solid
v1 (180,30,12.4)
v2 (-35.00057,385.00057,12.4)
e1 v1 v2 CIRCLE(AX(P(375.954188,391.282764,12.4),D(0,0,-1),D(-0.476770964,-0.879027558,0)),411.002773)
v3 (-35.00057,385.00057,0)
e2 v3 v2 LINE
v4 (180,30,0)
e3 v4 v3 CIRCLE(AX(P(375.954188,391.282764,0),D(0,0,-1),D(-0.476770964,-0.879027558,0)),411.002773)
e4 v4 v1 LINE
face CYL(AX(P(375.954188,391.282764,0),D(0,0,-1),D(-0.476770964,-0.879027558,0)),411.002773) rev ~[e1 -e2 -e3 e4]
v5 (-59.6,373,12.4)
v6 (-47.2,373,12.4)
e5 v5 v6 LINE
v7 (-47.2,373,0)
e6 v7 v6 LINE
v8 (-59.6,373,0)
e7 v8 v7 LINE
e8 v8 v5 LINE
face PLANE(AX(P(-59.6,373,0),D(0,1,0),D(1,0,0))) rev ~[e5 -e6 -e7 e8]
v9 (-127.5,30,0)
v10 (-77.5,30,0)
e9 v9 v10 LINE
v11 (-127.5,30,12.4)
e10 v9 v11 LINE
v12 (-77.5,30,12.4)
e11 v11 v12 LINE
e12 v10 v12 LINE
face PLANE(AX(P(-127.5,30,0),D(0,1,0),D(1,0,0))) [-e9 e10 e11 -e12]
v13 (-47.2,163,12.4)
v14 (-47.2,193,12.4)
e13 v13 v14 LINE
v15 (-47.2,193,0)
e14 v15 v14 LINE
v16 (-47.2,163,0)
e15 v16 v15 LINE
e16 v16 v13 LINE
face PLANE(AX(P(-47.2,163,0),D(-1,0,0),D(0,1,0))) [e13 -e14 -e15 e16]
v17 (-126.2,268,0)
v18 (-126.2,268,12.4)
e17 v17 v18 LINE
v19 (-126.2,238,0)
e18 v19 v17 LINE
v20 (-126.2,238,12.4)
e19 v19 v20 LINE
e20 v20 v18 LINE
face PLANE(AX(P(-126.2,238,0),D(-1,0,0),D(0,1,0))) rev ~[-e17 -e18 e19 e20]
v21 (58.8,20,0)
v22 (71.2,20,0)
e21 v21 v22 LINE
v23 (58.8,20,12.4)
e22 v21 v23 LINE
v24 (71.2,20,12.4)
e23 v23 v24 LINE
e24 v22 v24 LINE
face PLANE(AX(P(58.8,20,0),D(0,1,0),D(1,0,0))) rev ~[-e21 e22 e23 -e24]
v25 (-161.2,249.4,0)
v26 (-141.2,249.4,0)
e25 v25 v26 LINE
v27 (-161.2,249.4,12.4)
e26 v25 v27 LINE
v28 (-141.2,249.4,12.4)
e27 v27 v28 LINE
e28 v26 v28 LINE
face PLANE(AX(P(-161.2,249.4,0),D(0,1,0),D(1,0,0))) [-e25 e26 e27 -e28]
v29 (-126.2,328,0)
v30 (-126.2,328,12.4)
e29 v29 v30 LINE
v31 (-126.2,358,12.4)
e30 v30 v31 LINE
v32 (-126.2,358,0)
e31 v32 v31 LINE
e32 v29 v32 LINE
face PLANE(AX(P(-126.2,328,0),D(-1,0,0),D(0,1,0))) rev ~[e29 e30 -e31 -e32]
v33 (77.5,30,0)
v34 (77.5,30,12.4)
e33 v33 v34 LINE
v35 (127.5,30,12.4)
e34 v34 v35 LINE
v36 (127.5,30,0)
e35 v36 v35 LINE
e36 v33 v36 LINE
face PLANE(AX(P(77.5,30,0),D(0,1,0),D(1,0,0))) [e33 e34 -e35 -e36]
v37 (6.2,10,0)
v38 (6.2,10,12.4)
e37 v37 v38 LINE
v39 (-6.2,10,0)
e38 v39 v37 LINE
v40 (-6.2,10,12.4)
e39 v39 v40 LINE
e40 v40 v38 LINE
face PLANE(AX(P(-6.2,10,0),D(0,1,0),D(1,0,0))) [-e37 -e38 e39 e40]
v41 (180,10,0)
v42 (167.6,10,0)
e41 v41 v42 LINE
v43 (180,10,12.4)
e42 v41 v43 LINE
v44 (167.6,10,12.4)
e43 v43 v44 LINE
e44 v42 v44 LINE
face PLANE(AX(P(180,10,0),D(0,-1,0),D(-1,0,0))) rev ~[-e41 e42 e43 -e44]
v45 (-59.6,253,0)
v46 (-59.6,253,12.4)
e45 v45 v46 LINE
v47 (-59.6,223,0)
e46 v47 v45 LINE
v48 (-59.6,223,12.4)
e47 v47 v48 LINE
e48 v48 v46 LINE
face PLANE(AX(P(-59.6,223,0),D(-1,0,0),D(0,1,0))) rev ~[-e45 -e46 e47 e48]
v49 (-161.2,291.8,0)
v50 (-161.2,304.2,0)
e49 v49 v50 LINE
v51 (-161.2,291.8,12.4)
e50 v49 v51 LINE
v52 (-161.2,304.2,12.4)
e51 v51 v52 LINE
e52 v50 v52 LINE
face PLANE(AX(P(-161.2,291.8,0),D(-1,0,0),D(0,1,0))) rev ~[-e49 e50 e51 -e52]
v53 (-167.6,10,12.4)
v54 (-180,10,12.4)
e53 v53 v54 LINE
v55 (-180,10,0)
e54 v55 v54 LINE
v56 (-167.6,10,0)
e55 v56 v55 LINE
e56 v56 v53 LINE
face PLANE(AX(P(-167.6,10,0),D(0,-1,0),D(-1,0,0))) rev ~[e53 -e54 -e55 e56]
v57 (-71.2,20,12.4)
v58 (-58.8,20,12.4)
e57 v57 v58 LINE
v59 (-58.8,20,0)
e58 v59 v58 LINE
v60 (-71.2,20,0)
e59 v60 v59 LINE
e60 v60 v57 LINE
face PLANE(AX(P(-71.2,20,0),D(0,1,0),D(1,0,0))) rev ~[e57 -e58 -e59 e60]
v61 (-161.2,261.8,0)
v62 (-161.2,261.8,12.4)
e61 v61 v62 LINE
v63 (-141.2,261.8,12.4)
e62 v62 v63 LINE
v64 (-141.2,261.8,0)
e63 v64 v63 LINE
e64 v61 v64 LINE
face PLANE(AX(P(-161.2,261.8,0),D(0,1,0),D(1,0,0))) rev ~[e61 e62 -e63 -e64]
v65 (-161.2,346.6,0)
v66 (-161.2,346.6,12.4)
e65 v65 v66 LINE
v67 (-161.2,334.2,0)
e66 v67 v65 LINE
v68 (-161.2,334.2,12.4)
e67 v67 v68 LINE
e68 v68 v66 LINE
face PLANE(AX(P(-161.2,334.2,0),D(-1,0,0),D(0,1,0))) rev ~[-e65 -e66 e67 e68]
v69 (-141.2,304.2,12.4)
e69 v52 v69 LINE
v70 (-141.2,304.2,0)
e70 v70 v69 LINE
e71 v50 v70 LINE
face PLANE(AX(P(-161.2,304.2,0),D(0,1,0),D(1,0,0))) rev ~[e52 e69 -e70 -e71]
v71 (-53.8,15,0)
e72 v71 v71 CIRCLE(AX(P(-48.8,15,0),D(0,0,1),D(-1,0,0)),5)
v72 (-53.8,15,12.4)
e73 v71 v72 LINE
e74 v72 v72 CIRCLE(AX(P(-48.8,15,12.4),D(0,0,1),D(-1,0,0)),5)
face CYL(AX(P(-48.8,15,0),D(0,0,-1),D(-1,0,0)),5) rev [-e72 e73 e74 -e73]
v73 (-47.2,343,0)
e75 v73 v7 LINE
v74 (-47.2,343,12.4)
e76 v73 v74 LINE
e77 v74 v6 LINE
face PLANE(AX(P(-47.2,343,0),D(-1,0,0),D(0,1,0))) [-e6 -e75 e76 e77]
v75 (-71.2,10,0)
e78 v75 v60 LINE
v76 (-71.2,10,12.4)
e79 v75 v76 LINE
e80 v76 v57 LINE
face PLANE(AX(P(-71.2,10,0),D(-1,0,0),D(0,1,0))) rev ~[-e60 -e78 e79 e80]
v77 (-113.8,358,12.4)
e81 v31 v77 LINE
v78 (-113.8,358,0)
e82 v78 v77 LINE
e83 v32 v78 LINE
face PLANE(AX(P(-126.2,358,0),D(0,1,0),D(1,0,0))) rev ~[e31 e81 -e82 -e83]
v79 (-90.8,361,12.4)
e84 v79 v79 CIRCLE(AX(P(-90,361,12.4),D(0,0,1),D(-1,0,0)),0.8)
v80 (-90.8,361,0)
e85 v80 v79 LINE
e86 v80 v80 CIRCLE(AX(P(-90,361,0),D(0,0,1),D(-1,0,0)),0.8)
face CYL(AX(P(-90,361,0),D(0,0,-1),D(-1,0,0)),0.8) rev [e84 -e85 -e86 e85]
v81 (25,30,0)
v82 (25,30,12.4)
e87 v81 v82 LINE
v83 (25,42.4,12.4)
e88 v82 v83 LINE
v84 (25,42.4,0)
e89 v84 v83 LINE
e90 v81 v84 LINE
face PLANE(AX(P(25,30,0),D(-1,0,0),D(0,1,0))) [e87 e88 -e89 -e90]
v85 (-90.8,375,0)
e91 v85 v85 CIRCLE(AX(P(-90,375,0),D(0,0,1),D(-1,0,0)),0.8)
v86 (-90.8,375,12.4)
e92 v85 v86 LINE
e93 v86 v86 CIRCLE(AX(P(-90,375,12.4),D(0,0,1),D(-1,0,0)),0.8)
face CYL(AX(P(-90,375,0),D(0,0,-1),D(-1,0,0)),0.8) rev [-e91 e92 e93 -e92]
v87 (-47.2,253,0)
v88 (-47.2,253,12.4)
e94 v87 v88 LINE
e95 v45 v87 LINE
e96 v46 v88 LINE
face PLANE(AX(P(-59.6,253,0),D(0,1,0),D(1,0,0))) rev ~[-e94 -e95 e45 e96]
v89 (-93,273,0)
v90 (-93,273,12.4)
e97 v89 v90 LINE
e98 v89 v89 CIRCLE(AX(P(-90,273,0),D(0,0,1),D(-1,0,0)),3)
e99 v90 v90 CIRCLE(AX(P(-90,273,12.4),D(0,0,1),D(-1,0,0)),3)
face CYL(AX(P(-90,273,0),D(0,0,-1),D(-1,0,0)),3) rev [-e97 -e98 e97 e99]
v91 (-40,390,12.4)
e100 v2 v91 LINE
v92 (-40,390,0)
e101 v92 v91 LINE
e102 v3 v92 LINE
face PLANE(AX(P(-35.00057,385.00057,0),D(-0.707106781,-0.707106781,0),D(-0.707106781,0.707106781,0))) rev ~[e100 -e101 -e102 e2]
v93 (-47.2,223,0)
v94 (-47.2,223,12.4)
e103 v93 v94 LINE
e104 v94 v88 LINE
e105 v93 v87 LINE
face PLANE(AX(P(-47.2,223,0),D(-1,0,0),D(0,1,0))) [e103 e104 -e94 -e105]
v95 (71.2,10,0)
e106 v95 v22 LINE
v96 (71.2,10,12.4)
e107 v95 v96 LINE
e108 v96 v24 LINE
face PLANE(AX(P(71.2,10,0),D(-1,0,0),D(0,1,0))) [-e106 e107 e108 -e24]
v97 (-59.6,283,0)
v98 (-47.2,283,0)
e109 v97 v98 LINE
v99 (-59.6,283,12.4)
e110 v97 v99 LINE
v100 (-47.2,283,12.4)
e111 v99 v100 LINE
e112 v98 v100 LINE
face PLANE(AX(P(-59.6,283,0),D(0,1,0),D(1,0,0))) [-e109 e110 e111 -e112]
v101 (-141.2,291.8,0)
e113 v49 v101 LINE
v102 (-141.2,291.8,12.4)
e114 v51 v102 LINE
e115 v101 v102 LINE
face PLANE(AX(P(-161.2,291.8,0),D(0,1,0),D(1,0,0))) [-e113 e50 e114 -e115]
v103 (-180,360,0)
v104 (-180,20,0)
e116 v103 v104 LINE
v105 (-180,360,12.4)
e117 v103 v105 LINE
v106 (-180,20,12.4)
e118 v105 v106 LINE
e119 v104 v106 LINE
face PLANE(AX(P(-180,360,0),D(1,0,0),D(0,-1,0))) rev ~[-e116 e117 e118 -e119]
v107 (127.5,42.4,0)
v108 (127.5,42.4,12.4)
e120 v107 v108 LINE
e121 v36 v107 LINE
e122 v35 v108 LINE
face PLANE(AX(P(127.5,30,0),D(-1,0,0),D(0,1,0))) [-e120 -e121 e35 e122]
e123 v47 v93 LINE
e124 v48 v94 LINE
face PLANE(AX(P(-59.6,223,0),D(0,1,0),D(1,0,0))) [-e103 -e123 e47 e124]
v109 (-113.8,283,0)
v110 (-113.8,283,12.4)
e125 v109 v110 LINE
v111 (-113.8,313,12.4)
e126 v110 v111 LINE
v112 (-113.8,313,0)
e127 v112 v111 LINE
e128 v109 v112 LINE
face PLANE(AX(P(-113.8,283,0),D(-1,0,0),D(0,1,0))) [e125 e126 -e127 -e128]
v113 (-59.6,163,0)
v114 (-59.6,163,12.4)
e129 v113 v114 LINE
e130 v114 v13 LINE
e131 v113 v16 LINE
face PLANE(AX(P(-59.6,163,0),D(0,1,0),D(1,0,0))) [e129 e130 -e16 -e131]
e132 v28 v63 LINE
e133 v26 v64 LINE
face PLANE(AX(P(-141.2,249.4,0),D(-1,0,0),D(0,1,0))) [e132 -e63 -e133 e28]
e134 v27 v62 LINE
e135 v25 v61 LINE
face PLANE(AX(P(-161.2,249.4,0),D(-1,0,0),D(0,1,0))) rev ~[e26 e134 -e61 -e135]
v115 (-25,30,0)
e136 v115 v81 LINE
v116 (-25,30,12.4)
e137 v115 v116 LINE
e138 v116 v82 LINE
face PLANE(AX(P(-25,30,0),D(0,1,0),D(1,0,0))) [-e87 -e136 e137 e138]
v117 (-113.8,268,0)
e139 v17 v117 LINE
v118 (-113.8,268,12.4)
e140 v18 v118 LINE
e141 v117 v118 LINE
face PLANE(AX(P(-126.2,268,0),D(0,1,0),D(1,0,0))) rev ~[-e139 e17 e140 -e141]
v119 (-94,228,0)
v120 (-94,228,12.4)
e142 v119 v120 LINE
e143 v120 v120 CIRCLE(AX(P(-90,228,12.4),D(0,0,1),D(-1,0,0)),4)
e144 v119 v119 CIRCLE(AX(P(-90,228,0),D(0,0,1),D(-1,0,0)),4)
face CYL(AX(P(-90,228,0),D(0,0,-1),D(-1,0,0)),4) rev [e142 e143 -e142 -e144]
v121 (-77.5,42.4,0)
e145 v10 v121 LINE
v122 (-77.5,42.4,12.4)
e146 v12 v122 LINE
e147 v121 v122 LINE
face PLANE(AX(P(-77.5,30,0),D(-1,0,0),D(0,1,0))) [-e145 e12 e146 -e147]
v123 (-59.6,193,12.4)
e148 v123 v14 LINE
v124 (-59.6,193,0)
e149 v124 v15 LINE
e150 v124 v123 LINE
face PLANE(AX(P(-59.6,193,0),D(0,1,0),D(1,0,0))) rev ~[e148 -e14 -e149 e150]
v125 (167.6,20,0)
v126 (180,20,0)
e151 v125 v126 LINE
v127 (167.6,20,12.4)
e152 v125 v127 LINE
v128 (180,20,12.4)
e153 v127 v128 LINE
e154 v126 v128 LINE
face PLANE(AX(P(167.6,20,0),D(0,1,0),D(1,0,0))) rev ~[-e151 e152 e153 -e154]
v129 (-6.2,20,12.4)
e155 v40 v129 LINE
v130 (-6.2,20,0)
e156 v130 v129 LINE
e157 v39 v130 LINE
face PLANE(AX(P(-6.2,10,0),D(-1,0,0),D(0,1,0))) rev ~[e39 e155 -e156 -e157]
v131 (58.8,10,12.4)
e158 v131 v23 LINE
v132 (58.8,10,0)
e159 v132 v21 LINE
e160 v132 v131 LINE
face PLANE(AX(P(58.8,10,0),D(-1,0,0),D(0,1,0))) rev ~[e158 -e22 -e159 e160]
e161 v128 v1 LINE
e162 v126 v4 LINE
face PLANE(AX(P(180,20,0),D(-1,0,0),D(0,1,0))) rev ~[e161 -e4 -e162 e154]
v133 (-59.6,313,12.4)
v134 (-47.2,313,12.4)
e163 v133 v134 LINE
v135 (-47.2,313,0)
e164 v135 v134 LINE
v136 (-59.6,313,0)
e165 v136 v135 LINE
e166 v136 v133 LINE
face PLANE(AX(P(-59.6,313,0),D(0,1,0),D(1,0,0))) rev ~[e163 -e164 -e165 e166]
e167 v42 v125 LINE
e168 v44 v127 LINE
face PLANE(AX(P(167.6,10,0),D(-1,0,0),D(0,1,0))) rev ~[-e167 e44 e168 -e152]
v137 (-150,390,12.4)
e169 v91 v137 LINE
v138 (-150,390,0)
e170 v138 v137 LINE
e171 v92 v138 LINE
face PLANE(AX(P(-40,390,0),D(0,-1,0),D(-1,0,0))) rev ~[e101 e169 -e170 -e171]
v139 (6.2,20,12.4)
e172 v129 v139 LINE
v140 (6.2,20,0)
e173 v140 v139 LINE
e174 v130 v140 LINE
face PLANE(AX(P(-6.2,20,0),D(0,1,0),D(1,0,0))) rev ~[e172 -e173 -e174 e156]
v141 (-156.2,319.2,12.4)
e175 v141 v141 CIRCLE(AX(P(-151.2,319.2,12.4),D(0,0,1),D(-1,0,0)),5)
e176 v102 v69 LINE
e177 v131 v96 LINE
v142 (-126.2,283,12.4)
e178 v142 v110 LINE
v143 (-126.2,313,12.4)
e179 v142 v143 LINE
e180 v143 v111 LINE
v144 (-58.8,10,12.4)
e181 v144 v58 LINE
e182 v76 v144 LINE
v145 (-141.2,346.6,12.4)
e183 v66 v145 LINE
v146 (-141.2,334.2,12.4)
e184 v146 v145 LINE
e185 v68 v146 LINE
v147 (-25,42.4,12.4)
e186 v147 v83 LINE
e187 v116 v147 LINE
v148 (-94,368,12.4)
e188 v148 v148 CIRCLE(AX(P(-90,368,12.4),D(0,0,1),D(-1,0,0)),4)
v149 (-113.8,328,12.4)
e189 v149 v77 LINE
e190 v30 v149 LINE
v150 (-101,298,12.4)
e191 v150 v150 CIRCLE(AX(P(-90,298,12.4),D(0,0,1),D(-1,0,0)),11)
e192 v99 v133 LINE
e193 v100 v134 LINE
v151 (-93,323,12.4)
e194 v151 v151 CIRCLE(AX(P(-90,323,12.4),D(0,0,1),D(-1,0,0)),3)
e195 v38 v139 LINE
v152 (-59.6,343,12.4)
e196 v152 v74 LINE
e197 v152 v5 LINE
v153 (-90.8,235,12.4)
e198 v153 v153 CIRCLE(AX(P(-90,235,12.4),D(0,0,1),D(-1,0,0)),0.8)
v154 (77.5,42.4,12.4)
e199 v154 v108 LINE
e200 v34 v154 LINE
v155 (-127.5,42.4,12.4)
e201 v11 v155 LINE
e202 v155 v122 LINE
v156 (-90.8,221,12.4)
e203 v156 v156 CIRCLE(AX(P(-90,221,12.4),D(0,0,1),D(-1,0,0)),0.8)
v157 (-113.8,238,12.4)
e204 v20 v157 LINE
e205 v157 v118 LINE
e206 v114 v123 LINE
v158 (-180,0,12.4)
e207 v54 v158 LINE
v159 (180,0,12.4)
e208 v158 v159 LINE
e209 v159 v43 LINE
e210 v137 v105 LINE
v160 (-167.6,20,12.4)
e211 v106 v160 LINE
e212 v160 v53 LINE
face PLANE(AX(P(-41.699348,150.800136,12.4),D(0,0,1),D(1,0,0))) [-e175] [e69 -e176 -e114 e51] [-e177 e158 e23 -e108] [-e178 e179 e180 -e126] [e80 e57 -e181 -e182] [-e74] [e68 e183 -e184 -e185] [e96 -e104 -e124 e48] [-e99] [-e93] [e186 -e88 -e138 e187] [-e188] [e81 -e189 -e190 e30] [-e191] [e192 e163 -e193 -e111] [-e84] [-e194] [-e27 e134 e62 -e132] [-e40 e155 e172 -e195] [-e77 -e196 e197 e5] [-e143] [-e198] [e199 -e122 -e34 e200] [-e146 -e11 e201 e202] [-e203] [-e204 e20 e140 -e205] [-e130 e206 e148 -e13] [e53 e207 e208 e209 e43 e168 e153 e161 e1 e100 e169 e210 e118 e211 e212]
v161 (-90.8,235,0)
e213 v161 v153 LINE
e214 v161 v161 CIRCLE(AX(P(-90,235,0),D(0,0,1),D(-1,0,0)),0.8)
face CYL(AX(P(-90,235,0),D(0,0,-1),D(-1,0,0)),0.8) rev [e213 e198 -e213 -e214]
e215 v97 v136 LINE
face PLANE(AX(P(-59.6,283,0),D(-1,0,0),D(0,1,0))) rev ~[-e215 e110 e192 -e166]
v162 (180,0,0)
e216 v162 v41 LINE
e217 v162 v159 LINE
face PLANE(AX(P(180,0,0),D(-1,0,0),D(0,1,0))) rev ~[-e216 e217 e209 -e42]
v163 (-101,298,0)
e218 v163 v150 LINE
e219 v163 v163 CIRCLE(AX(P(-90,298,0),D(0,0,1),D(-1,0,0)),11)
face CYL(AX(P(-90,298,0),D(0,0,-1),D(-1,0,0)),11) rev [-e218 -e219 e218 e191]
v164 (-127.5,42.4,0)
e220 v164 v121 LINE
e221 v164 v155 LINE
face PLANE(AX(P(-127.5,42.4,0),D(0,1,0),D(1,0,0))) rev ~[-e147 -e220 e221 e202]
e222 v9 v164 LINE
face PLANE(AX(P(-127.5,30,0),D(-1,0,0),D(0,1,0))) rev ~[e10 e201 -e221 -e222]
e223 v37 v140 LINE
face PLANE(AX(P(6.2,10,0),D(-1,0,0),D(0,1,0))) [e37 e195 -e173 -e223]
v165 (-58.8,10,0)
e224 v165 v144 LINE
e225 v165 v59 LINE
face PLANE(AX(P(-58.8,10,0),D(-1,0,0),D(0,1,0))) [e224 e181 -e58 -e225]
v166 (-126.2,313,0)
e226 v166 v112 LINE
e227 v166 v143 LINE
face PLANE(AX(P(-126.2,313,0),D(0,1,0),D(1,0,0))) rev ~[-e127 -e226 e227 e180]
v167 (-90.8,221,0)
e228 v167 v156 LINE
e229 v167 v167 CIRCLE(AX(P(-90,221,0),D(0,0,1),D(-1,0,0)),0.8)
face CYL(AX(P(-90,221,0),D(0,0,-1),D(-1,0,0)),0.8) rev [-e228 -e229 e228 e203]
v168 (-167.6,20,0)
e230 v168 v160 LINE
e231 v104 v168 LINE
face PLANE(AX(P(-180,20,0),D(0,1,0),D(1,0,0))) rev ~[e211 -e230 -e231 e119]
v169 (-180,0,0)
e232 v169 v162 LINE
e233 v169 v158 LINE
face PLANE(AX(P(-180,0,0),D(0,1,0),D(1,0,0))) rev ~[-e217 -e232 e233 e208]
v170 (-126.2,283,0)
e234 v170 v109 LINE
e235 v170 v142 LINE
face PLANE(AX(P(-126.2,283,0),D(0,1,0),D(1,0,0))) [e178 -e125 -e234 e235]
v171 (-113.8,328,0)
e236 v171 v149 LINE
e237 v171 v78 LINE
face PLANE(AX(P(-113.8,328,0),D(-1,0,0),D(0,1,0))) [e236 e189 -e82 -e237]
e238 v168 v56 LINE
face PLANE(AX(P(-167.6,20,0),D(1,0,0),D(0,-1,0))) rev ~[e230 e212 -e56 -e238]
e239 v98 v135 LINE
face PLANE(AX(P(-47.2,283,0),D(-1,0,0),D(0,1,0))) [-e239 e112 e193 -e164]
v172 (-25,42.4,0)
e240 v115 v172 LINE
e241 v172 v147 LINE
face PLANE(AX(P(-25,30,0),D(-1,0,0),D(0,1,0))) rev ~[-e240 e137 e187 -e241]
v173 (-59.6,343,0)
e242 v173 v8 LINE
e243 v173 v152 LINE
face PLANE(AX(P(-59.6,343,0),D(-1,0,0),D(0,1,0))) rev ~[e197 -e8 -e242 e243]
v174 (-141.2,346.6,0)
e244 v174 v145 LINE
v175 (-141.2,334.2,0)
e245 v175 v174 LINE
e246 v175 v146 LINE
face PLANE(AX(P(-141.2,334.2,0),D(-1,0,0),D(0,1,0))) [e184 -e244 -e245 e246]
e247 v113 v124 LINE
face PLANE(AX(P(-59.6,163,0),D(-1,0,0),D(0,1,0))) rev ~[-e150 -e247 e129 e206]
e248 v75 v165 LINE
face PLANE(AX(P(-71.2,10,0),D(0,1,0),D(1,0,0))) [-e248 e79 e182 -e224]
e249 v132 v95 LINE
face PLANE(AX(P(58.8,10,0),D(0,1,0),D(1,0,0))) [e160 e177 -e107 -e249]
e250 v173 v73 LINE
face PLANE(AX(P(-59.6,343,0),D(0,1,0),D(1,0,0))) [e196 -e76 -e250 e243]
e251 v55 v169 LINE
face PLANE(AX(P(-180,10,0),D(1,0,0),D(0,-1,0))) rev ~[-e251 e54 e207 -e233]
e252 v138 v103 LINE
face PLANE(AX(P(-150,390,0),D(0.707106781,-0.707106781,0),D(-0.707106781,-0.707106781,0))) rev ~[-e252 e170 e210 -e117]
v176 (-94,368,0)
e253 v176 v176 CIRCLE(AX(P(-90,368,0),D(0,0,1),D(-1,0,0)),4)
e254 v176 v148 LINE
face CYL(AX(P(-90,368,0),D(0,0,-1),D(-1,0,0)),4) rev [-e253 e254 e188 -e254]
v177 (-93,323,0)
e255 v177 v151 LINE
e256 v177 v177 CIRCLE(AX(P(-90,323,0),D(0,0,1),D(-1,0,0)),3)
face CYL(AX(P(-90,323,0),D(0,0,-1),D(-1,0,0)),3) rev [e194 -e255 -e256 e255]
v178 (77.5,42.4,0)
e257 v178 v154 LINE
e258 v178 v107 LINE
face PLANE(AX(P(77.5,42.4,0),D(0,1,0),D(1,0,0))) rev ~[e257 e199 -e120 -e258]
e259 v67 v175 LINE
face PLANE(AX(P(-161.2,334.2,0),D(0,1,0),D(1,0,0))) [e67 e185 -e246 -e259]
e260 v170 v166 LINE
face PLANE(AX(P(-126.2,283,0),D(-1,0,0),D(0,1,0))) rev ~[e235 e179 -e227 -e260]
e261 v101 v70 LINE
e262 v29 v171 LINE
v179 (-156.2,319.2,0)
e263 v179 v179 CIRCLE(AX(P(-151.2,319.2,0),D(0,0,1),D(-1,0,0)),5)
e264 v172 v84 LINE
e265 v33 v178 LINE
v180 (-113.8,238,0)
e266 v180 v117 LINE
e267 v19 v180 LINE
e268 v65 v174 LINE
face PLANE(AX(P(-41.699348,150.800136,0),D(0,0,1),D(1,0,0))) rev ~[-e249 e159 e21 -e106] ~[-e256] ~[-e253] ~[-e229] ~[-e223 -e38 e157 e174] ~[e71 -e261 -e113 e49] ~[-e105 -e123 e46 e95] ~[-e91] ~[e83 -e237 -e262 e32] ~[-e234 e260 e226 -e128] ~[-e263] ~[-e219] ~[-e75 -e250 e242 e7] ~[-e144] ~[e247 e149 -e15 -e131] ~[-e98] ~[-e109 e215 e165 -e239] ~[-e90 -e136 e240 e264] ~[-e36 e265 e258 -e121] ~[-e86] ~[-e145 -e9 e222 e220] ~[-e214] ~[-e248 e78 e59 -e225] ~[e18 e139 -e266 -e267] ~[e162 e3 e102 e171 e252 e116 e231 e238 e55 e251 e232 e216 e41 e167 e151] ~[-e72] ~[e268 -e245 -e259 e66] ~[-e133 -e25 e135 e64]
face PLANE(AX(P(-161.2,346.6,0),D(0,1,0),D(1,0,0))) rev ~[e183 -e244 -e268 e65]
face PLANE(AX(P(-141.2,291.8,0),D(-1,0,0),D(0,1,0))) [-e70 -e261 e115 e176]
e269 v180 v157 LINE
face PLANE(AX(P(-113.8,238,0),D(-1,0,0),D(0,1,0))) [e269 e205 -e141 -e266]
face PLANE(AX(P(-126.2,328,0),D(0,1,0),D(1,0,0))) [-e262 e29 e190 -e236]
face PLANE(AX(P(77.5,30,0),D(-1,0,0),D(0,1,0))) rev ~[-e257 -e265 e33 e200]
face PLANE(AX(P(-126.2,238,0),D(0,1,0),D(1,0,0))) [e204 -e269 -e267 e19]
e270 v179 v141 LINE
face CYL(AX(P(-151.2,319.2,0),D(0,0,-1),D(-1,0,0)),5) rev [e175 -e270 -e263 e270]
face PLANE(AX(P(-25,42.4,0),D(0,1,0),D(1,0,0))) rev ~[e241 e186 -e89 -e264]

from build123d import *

# Parameters (mm, degrees)
SKETCH1_R           = 5
SKETCH1_R_2         = 11
SKETCH1_R_3         = 3
SKETCH1_R_4         = 4
SKETCH1_R_5         = 0.8
SKETCH1_W           = 12.4
SKETCH1_H           = 10
SKETCH1_W_2         = 50
SKETCH1_H_2         = 12.4
SKETCH1_H_3         = 30
SKETCH1_W_3         = 20
BOSS_EXTRUDE1_DEPTH = 12.4


with BuildPart() as part:
    # Sketch1 → Boss-Extrude1 (new body)
    with BuildSketch(Plane.XY):
        with BuildLine():
            Line((-180, 0), (180, 0))
            Line((180, 0), (180, 10))
            Line((180, 10), (167.6, 10))
            Line((167.6, 10), (167.6, 20))
            Line((167.6, 20), (180, 20))
            Line((180, 20), (180, 30))
            ThreePointArc((180, 30), (24.399116368, 178.368906186), (-35.000570148, 385.000570148))
            Line((-35.000570148, 385.000570148), (-40, 390))
            Line((-40, 390), (-140, 390))
            Line((-140, 390), (-150, 390))
            Line((-150, 390), (-180, 360))
            Line((-180, 360), (-180, 30))
            Line((-180, 30), (-180, 20))
            Line((-180, 20), (-167.6, 20))
            Line((-167.6, 20), (-167.6, 10))
            Line((-167.6, 10), (-180, 10))
            Line((-180, 10), (-180, 0))
        make_face()
        with Locations(Location((-151.2, 319.2, 0), (0, 0, 180))):
            Circle(SKETCH1_R, mode=Mode.SUBTRACT)
        with Locations(Location((-90, 298, 0), (0, 0, 180))):
            Circle(SKETCH1_R_2, mode=Mode.SUBTRACT)
        with Locations(Location((-90, 323, 0), (0, 0, 180))):
            Circle(SKETCH1_R_3, mode=Mode.SUBTRACT)
        with Locations(Location((-90, 368, 0), (0, 0, 180))):
            Circle(SKETCH1_R_4, mode=Mode.SUBTRACT)
        with Locations(Location((-90, 375, 0), (0, 0, 180))):
            Circle(SKETCH1_R_5, mode=Mode.SUBTRACT)
        with Locations(Location((-90, 361, 0), (0, 0, 180))):
            Circle(SKETCH1_R_5, mode=Mode.SUBTRACT)
        with Locations(Location((-90, 221, 0), (0, 0, 180))):
            Circle(SKETCH1_R_5, mode=Mode.SUBTRACT)
        with Locations(Location((-90, 228, 0), (0, 0, 180))):
            Circle(SKETCH1_R_4, mode=Mode.SUBTRACT)
        with Locations(Location((-90, 235, 0), (0, 0, 180))):
            Circle(SKETCH1_R_5, mode=Mode.SUBTRACT)
        with Locations(Location((-90, 273, 0), (0, 0, 180))):
            Circle(SKETCH1_R_3, mode=Mode.SUBTRACT)
        with Locations(Location((-48.8, 15, 0), (0, 0, 180))):
            Circle(SKETCH1_R, mode=Mode.SUBTRACT)
        with Locations((65, 15)):
            Rectangle(SKETCH1_W, SKETCH1_H, mode=Mode.SUBTRACT)
        with Locations((0, 15)):
            Rectangle(SKETCH1_W, SKETCH1_H, mode=Mode.SUBTRACT)
        with Locations((-65, 15)):
            Rectangle(SKETCH1_W, SKETCH1_H, mode=Mode.SUBTRACT)
        with Locations((102.5, 36.2)):
            Rectangle(SKETCH1_W_2, SKETCH1_H_2, mode=Mode.SUBTRACT)
        with Locations((0, 36.2)):
            Rectangle(SKETCH1_W_2, SKETCH1_H_2, mode=Mode.SUBTRACT)
        with Locations((-102.5, 36.2)):
            Rectangle(SKETCH1_W_2, SKETCH1_H_2, mode=Mode.SUBTRACT)
        with Locations((-120, 298)):
            Rectangle(SKETCH1_W, SKETCH1_H_3, mode=Mode.SUBTRACT)
        with Locations((-120, 343)):
            Rectangle(SKETCH1_W, SKETCH1_H_3, mode=Mode.SUBTRACT)
        with Locations((-120, 253)):
            Rectangle(SKETCH1_W, SKETCH1_H_3, mode=Mode.SUBTRACT)
        with Locations((-151.2, 340.4)):
            Rectangle(SKETCH1_W_3, SKETCH1_H_2, mode=Mode.SUBTRACT)
        with Locations((-151.2, 298)):
            Rectangle(SKETCH1_W_3, SKETCH1_H_2, mode=Mode.SUBTRACT)
        with Locations((-151.2, 255.6)):
            Rectangle(SKETCH1_W_3, SKETCH1_H_2, mode=Mode.SUBTRACT)
        with Locations((-53.4, 358)):
            Rectangle(SKETCH1_W, SKETCH1_H_3, mode=Mode.SUBTRACT)
        with Locations((-53.4, 298)):
            Rectangle(SKETCH1_W, SKETCH1_H_3, mode=Mode.SUBTRACT)
        with Locations((-53.4, 238)):
            Rectangle(SKETCH1_W, SKETCH1_H_3, mode=Mode.SUBTRACT)
        with Locations((-53.4, 178)):
            Rectangle(SKETCH1_W, SKETCH1_H_3, mode=Mode.SUBTRACT)
    extrude(amount=BOSS_EXTRUDE1_DEPTH)


solid = part.part
